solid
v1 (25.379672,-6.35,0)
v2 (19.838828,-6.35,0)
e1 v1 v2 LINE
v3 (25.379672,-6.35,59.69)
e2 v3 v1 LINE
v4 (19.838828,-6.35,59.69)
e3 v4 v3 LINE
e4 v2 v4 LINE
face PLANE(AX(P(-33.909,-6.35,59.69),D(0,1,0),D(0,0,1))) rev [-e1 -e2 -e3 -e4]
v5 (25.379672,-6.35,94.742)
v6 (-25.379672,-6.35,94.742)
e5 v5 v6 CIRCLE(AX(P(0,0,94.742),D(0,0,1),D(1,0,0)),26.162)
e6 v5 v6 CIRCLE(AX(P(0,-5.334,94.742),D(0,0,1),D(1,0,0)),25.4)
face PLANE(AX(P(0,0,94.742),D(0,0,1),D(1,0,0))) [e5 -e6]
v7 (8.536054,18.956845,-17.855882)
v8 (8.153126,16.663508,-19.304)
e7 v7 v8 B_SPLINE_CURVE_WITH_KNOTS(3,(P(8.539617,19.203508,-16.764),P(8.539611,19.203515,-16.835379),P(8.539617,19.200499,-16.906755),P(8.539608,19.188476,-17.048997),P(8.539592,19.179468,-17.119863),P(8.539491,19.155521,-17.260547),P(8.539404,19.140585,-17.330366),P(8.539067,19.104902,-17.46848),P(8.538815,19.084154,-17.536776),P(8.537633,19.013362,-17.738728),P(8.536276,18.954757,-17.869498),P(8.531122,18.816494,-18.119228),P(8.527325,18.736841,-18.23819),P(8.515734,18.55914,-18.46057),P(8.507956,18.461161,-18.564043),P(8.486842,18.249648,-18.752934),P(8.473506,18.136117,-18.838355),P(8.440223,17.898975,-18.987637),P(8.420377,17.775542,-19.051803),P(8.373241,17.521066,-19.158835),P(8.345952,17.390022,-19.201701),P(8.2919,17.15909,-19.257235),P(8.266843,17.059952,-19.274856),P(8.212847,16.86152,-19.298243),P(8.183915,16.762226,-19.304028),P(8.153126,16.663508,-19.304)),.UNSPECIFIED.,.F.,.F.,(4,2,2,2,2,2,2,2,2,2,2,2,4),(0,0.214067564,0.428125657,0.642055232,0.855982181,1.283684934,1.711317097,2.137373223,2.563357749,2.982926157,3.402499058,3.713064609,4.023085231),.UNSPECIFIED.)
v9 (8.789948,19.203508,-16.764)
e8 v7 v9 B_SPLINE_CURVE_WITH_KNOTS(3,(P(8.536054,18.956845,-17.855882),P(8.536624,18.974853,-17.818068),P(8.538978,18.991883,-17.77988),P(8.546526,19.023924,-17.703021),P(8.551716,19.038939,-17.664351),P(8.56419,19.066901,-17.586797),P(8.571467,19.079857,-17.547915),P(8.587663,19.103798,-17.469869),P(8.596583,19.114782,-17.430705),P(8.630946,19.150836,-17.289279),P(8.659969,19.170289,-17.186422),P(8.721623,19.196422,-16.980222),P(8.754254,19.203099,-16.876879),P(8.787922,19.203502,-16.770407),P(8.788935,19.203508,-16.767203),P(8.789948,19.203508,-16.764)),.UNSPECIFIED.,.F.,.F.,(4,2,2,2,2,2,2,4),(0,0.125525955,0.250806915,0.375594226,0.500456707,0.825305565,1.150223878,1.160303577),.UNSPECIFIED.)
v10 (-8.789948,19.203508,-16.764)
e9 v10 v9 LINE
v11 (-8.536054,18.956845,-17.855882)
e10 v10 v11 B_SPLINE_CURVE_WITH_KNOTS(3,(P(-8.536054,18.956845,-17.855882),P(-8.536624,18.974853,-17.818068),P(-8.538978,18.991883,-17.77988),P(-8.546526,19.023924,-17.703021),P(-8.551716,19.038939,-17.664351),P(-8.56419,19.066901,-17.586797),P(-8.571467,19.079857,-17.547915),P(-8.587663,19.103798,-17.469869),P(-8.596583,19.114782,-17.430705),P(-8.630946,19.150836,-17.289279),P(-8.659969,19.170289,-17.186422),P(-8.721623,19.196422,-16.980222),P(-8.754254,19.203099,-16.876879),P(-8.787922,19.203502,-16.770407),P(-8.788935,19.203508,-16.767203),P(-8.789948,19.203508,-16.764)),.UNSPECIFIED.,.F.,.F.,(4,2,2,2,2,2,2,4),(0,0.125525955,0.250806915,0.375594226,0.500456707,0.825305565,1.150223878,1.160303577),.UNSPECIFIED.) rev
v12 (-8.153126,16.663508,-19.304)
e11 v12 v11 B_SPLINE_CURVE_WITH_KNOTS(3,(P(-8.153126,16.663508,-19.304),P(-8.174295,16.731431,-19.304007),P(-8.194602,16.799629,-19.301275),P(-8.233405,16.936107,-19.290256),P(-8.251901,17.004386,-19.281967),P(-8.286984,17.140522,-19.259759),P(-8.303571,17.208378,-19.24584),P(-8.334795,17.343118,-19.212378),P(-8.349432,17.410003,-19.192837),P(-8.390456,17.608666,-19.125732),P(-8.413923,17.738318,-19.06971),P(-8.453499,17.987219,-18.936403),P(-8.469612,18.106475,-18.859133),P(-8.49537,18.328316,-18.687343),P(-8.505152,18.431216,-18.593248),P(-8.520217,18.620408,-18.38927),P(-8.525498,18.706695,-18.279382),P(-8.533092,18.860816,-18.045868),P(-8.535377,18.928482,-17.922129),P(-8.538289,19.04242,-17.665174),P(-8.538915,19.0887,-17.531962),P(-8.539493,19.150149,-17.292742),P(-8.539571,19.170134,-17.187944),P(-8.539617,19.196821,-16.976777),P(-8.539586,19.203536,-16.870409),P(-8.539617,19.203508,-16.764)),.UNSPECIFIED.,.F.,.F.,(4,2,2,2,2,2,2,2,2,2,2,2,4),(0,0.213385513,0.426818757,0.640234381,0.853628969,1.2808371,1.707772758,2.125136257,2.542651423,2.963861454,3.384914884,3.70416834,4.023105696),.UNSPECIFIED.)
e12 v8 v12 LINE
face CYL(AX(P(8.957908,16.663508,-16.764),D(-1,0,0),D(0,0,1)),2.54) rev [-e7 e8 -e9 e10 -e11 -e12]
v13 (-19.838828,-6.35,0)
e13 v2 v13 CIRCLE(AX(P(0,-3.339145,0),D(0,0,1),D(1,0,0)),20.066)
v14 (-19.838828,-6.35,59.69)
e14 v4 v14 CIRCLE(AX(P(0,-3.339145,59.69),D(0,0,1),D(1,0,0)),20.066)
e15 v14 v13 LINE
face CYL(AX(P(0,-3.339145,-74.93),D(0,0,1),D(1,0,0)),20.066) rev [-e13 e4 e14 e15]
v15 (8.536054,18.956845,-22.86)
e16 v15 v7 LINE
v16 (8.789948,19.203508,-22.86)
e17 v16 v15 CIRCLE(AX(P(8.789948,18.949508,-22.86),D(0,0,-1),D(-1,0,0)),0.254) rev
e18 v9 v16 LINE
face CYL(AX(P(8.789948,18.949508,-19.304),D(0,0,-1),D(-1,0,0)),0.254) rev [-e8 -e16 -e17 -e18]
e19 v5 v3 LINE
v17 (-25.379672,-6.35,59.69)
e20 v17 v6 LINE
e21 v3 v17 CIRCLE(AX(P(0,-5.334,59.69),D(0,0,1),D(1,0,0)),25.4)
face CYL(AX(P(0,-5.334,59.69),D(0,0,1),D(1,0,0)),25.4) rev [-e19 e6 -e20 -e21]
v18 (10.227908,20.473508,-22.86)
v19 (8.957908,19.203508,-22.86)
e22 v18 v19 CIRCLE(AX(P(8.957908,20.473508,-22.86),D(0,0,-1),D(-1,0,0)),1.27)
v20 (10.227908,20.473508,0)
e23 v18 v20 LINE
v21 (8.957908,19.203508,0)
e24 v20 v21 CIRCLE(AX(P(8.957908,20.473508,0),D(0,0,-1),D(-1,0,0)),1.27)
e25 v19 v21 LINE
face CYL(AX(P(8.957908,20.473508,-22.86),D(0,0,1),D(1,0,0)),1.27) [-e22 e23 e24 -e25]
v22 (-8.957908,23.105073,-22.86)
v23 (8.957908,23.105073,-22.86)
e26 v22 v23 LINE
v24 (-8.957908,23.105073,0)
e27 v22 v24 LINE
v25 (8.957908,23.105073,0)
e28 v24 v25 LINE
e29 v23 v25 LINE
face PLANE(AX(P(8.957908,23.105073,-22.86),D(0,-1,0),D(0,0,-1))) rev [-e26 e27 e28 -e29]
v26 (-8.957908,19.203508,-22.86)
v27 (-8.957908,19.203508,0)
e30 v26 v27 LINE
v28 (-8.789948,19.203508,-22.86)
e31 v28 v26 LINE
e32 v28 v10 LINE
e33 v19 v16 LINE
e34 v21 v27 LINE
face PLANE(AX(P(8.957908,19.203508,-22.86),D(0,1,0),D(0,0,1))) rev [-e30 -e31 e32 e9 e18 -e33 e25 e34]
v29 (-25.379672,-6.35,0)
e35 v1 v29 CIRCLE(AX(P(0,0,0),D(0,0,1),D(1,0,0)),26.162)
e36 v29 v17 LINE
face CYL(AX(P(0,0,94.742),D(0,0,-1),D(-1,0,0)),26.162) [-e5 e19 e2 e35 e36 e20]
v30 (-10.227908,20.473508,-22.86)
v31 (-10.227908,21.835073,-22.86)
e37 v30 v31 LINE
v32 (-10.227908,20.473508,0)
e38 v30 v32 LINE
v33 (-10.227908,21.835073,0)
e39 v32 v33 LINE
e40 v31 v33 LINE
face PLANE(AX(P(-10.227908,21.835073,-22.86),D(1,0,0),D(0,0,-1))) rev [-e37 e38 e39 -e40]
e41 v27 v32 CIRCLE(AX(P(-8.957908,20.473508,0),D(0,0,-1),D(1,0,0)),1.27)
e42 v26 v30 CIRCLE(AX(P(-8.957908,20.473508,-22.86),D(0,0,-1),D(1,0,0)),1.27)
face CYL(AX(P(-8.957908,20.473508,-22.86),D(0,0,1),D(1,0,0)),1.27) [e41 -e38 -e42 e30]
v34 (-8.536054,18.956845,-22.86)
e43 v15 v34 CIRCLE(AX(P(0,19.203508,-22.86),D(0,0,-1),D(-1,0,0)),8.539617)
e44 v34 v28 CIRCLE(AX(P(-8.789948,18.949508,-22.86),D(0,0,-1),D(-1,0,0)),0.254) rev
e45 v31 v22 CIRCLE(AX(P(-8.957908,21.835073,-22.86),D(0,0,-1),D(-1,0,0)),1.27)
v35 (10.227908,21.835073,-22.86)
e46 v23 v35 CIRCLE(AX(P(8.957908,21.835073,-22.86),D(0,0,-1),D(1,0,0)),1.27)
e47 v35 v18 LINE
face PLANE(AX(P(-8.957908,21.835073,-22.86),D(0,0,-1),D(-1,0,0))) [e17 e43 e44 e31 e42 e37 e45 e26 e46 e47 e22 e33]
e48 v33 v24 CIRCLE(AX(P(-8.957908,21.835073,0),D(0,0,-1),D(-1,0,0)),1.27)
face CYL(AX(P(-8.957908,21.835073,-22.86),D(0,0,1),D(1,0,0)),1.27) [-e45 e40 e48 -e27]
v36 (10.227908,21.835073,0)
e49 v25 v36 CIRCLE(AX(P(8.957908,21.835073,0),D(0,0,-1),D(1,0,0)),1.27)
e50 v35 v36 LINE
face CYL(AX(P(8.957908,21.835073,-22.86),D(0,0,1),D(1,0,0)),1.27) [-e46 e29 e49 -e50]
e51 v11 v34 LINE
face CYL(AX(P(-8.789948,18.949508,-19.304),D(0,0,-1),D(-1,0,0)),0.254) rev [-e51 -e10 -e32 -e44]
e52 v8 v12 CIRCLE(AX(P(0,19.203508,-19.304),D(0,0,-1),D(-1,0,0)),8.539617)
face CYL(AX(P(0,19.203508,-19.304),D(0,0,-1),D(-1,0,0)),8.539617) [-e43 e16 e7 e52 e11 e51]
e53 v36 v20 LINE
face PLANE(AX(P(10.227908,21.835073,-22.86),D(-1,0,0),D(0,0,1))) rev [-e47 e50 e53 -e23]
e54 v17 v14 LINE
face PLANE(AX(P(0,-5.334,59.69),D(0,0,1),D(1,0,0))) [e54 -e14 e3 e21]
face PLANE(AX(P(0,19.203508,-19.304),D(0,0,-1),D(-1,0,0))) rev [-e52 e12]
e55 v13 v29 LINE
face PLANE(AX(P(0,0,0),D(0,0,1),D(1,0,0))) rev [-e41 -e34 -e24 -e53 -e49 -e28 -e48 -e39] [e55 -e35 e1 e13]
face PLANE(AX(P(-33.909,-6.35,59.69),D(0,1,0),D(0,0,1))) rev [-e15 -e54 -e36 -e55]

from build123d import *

# Parameters (mm, degrees)
SKETCH1_R           = 26.162
BOSS_EXTRUDE1_DEPTH = 94.742
SKETCH2_R           = 25.4
CUT_EXTRUDE1_DEPTH  = 35.052
SKETCH3_R           = 20.066
CUT_EXTRUDE2_DEPTH  = 134.62
SKETCH6_W           = 64.219899477
SKETCH6_H           = 22.849587553
CUT_EXTRUDE4_DEPTH  = 33.909
BOSS_EXTRUDE3_DEPTH = 22.86
BOSS_EXTRUDE4_DEPTH = 3.556
FILLET3_R           = 2.54
FILLET4_R           = 0.254


with BuildPart() as part:
    # Sketch1 → Boss-Extrude1 (new body)
    with BuildSketch(Plane.XY):
        Circle(SKETCH1_R)
    extrude(amount=BOSS_EXTRUDE1_DEPTH)

    # Sketch2 → Cut-Extrude1 (cut)
    with BuildSketch(Plane.XY.offset(94.742)):
        with Locations((0, -5.334)):
            Circle(SKETCH2_R)
    extrude(amount=-CUT_EXTRUDE1_DEPTH, mode=Mode.SUBTRACT)

    # Sketch3 → Cut-Extrude2 (cut)
    with BuildSketch(Plane.XY.offset(59.69)):
        with Locations((0, -3.339145452)):
            Circle(SKETCH3_R)
    extrude(amount=-CUT_EXTRUDE2_DEPTH, mode=Mode.SUBTRACT)

    # Sketch6 → Cut-Extrude4 (cut, symmetric)
    with BuildSketch(Plane(origin=(0, 0, 0), x_dir=(0, 0, -1), z_dir=(1, 0, 0))):
        with Locations((-27.580050262, -17.774793777)):
            Rectangle(SKETCH6_W, SKETCH6_H)
    extrude(amount=CUT_EXTRUDE4_DEPTH, both=True, mode=Mode.SUBTRACT)

    # Sketch11 → Boss-Extrude3 (add)
    with BuildSketch(Plane(origin=(0, 0, 0), x_dir=(-1, 0, 0), z_dir=(0, 0, -1))):
        with BuildLine():
            Line((-8.957907595, 23.105072639), (8.957907595, 23.105072639))
            ThreePointArc((8.957907595, 23.105072639), (9.855933208, 22.733098251), (10.227907595, 21.835072639))
            Line((10.227907595, 21.835072639), (10.227907595, 20.473507992))
            ThreePointArc((10.227907595, 20.473507992), (9.855933208, 19.57548238), (8.957907595, 19.203507992))
            Line((8.957907595, 19.203507992), (-8.957907595, 19.203507992))
            ThreePointArc((-8.957907595, 19.203507992), (-9.855933208, 19.57548238), (-10.227907595, 20.473507992))
            Line((-10.227907595, 20.473507992), (-10.227907595, 21.835072639))
            ThreePointArc((-10.227907595, 21.835072639), (-9.855933208, 22.733098251), (-8.957907595, 23.105072639))
        make_face()
    extrude(amount=BOSS_EXTRUDE3_DEPTH)

    # Sketch12 → Boss-Extrude4 (add)
    with BuildSketch(Plane(origin=(0, 0, -22.86), x_dir=(-1, 0, 0), z_dir=(0, 0, -1))):
        with BuildLine():
            Line((-8.539617395, 19.203507992), (8.539617395, 19.203507992))
            ThreePointArc((8.539617395, 19.203507992), (0, 10.663890596), (-8.539617395, 19.203507992))
        make_face()
    extrude(amount=-BOSS_EXTRUDE4_DEPTH)

    # Fillet3
    fillet3_edges = [part.edges().sort_by_distance(p)[0] for p in [
        (0, 19.203507992, -19.304),
    ]]
    fillet(fillet3_edges, radius=FILLET3_R)

    # Fillet4
    fillet4_edges = [part.edges().sort_by_distance(p)[0] for p in [
        (8.539617395, 19.203507992, -19.812),
        (-8.539617395, 19.203507992, -19.812),
    ]]
    fillet(fillet4_edges, radius=FILLET4_R)


solid = part.part
